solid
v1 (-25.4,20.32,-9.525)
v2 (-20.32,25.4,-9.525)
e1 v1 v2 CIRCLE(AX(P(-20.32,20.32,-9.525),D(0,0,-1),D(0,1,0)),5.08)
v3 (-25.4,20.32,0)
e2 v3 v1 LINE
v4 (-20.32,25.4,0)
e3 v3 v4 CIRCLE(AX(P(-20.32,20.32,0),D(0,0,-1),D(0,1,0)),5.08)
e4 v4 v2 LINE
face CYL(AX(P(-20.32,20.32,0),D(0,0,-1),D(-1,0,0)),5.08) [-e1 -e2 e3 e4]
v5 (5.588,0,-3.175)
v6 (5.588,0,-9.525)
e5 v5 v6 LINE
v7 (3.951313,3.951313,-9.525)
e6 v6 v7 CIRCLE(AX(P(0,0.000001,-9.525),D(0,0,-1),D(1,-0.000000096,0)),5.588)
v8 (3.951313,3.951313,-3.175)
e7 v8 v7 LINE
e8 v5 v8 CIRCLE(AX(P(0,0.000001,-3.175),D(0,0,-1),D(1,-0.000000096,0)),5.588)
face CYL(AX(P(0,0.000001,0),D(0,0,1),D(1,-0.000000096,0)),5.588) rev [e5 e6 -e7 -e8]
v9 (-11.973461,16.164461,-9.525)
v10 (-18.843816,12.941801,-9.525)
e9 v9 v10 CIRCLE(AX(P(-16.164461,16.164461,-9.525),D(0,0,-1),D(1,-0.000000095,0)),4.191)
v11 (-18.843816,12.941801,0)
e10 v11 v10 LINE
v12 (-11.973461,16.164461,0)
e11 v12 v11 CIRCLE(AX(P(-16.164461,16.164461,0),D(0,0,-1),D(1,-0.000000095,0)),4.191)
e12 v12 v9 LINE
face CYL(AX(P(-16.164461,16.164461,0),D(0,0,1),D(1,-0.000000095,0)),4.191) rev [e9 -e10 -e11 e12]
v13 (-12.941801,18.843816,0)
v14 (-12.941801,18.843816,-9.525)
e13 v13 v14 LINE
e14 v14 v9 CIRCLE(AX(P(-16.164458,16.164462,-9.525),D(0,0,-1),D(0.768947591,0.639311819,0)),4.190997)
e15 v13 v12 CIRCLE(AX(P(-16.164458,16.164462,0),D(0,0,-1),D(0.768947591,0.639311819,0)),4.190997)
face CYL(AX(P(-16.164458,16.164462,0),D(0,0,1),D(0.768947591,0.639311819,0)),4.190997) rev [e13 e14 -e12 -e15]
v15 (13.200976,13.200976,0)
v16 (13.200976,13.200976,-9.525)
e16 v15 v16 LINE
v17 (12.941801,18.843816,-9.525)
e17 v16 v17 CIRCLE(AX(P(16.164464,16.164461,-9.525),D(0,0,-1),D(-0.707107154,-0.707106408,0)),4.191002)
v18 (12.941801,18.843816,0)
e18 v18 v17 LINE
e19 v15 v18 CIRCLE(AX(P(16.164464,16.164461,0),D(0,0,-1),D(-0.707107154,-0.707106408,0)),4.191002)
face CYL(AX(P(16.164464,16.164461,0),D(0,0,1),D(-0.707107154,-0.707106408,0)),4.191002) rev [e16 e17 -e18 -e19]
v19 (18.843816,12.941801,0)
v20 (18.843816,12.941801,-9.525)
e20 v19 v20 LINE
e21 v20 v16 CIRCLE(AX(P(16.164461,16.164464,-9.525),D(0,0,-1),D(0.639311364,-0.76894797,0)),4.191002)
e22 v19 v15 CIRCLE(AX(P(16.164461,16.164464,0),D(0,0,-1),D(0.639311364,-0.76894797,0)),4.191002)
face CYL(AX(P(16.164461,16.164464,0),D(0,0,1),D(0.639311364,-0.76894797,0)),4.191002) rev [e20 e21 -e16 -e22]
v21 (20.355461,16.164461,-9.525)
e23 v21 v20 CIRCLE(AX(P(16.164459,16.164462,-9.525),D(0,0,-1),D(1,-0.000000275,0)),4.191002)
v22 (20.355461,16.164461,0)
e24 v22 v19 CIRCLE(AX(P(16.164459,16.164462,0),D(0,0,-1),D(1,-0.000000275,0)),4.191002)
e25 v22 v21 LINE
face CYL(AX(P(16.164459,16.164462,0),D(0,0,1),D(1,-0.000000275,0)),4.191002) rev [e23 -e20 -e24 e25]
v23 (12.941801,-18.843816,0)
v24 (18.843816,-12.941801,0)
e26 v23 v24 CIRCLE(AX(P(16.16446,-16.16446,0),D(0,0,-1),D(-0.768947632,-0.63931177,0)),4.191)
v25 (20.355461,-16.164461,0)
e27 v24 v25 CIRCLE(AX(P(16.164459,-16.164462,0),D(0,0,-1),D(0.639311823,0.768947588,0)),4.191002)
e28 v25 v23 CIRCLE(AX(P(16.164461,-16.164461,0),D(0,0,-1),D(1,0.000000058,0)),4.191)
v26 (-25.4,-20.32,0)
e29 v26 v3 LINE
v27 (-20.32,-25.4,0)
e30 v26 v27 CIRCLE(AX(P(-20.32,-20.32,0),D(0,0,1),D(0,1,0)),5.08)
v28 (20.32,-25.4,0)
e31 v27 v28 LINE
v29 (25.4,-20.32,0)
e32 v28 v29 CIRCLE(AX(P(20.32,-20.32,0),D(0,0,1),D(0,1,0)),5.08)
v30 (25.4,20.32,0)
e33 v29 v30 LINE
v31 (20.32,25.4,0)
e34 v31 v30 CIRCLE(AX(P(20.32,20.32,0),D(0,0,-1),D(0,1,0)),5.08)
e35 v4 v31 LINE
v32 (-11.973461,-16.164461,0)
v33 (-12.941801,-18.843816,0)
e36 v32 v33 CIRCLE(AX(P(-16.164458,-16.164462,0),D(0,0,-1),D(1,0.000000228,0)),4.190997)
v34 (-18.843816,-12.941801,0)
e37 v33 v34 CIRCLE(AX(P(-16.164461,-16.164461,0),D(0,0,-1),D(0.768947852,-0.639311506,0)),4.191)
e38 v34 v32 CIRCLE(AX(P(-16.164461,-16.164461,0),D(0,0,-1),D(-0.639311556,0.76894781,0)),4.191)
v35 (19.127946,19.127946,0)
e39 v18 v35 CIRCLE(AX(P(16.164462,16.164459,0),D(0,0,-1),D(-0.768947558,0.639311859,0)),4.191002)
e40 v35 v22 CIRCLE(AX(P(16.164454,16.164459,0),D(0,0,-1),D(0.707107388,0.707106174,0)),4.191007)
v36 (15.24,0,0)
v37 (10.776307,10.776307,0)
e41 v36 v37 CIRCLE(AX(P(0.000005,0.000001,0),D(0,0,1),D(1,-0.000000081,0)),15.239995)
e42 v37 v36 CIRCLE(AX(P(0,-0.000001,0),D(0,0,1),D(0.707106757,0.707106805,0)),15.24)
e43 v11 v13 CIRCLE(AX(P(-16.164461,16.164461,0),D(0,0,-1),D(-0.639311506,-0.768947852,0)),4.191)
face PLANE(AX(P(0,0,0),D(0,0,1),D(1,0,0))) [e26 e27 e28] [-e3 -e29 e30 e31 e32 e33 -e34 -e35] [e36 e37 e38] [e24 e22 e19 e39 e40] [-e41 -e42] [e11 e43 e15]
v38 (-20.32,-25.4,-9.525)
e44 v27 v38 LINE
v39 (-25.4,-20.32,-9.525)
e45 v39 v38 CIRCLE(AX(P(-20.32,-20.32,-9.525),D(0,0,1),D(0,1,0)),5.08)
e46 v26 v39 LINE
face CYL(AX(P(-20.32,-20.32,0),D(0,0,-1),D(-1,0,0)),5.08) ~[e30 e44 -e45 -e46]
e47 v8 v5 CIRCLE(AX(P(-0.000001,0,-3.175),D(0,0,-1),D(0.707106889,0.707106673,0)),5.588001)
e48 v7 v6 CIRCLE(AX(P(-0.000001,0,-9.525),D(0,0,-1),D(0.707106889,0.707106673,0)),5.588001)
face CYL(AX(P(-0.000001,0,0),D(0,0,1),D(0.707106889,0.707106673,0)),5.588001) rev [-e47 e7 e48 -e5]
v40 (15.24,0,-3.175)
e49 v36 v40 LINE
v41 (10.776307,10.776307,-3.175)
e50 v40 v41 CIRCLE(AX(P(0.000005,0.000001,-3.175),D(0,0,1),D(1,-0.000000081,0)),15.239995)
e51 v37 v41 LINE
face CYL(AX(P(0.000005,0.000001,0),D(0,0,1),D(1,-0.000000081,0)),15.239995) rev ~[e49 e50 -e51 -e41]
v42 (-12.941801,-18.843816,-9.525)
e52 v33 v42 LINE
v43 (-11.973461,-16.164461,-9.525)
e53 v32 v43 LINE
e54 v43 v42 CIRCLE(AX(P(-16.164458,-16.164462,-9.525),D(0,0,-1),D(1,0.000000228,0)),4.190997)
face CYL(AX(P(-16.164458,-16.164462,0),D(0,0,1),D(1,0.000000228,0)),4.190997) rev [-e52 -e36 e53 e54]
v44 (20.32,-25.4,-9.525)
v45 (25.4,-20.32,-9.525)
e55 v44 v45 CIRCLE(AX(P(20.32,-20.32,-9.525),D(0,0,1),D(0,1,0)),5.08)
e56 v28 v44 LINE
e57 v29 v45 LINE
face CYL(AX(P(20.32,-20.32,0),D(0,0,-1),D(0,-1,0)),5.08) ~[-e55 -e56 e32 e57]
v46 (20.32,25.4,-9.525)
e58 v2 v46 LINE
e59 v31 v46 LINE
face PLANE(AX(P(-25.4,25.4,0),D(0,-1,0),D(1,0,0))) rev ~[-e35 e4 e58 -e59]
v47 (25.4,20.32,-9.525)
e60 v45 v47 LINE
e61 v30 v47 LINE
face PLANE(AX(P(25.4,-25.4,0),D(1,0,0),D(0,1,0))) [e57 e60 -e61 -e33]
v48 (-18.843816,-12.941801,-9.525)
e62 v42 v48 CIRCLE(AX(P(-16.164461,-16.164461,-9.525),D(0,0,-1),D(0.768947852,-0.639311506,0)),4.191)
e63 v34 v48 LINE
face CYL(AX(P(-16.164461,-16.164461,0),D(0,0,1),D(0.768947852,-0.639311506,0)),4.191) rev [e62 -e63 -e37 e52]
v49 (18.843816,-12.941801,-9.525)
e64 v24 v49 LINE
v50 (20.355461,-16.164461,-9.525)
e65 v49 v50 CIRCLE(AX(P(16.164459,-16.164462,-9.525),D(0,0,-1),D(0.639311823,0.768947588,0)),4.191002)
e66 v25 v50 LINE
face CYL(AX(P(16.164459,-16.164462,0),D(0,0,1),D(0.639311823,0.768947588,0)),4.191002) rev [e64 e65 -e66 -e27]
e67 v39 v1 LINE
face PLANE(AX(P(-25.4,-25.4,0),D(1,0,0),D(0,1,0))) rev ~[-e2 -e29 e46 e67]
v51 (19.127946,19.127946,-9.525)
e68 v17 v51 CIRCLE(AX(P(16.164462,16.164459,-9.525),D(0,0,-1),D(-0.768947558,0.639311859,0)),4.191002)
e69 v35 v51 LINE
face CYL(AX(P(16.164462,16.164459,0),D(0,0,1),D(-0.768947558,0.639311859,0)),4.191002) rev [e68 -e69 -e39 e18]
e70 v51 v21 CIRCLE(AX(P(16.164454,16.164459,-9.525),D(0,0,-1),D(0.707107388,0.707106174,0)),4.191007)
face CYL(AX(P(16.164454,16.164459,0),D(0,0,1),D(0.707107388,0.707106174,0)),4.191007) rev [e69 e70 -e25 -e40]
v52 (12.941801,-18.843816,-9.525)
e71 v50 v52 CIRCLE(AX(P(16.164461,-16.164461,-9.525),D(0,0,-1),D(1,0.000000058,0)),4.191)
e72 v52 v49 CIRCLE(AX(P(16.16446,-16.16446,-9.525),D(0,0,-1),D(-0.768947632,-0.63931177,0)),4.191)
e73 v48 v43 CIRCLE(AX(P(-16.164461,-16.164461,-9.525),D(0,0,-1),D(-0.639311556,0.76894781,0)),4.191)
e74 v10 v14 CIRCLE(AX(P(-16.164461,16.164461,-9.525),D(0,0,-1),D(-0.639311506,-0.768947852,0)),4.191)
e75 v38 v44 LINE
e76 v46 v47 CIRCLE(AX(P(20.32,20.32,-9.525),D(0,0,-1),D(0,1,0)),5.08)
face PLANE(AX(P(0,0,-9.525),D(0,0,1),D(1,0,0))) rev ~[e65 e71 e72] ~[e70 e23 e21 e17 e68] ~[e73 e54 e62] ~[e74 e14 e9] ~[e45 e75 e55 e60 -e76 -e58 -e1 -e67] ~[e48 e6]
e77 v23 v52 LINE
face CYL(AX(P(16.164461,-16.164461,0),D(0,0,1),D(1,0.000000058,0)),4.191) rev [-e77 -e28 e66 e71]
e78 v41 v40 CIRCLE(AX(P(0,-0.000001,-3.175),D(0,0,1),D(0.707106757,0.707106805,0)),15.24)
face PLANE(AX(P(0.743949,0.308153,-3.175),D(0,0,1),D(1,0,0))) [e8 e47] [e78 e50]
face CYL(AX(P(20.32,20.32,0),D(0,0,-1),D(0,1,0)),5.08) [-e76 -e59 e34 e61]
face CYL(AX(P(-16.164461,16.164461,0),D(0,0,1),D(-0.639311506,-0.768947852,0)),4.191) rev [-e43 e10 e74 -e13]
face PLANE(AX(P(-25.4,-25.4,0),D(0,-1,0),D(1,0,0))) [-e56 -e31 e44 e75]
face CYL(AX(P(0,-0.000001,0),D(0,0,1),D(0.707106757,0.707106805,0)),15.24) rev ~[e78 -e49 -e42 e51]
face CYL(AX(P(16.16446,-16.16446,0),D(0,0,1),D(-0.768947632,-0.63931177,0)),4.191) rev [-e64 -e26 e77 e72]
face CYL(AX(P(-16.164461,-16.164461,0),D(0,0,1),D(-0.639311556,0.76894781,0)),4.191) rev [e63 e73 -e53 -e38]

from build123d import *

# Parameters (mm, degrees)
F0_W     = 50.8
F0_H     = 50.8
F1_DEPTH = 9.525
F2_DEPTH = 3.175
F3_R     = 5.08


with BuildPart() as f1:
    # F0 (on Top) → F1 (new body)
    with BuildSketch(Plane.XY):
        Rectangle(F0_W, F0_H)
        with BuildLine():
            ThreePointArc((12.941801, 18.843816), (15.972171, 20.351047), (19.127946, 19.127946))
            ThreePointArc((19.127946, 19.127946), (20.03644, 17.768287), (20.355461, 16.164461))
            ThreePointArc((20.355461, 16.164461), (19.958776, 14.384671), (18.843816, 12.941801))
            ThreePointArc((18.843816, 12.941801), (21.832879, 6.775322), (22.86, 0))
            ThreePointArc((22.86, 0), (21.832879, -6.775322), (18.843816, -12.941801))
            ThreePointArc((18.843816, -12.941801), (19.958776, -14.384671), (20.355461, -16.164461))
            ThreePointArc((20.355461, -16.164461), (17.588945, -20.105949), (12.941801, -18.843816))
            ThreePointArc((12.941801, -18.843816), (0, -22.86), (-12.941801, -18.843816))
            ThreePointArc((-12.941801, -18.843816), (-19.127946, -19.127946), (-18.843816, -12.941801))
            ThreePointArc((-18.843816, -12.941801), (-22.86, 0), (-18.843816, 12.941801))
            ThreePointArc((-18.843816, 12.941801), (-19.127946, 19.127946), (-12.941801, 18.843816))
            ThreePointArc((-12.941801, 18.843816), (0, 22.86), (12.941801, 18.843816))
        make_face(mode=Mode.SUBTRACT)
        with BuildLine():
            ThreePointArc((13.200976, 13.200976), (11.977875, 15.972171), (12.941801, 18.843816))
            ThreePointArc((12.941801, 18.843816), (0, 22.86), (-12.941801, 18.843816))
            ThreePointArc((-12.941801, 18.843816), (-12.222973, 17.588945), (-11.973461, 16.164461))
            ThreePointArc((-11.973461, 16.164461), (-14.384671, 12.370146), (-18.843816, 12.941801))
            ThreePointArc((-18.843816, 12.941801), (-22.86, 0), (-18.843816, -12.941801))
            ThreePointArc((-18.843816, -12.941801), (-14.384671, -12.370146), (-11.973461, -16.164461))
            ThreePointArc((-11.973461, -16.164461), (-12.222973, -17.588945), (-12.941801, -18.843816))
            ThreePointArc((-12.941801, -18.843816), (0, -22.86), (12.941801, -18.843816))
            ThreePointArc((12.941801, -18.843816), (13.200976, -13.200976), (18.843816, -12.941801))
            ThreePointArc((18.843816, -12.941801), (21.832879, -6.775322), (22.86, 0))
            ThreePointArc((22.86, 0), (21.832879, 6.775322), (18.843816, 12.941801))
            ThreePointArc((18.843816, 12.941801), (15.972171, 11.977875), (13.200976, 13.200976))
        make_face()
        with BuildLine():
            ThreePointArc((15.24, 0), (-14.079924, -5.832096), (10.776307, 10.776307))
            ThreePointArc((10.776307, 10.776307), (14.079924, 5.832096), (15.24, 0))
        make_face(mode=Mode.SUBTRACT)
        with BuildLine():
            ThreePointArc((15.24, 0), (14.079924, 5.832096), (10.776307, 10.776307))
            ThreePointArc((10.776307, 10.776307), (-14.079924, -5.832096), (15.24, 0))
        make_face()
        with BuildLine():
            ThreePointArc((5.588, 0), (-5.162639, -2.138435), (3.951313, 3.951313))
            ThreePointArc((3.951313, 3.951313), (5.162639, 2.138435), (5.588, 0))
        make_face(mode=Mode.SUBTRACT)
    extrude(amount=-F1_DEPTH)

    # F0 (on Top) → F2 (cut)
    with BuildSketch(Plane.XY):
        with BuildLine():
            ThreePointArc((15.24, 0), (14.079924, 5.832096), (10.776307, 10.776307))
            ThreePointArc((10.776307, 10.776307), (-14.079924, -5.832096), (15.24, 0))
        make_face()
        with BuildLine():
            ThreePointArc((5.588, 0), (-5.162639, -2.138435), (3.951313, 3.951313))
            ThreePointArc((3.951313, 3.951313), (5.162639, 2.138435), (5.588, 0))
        make_face(mode=Mode.SUBTRACT)
    extrude(amount=-F2_DEPTH, mode=Mode.SUBTRACT)

    # F3
    f3_edges = [f1.edges().sort_by_distance(p)[0] for p in [
        (-25.4, -25.4, -4.7625),
        (25.4, -25.4, -4.7625),
        (25.4, 25.4, -4.7625),
        (-25.4, 25.4, -4.7625),
    ]]
    fillet(f3_edges, radius=F3_R)


solid = f1.part
